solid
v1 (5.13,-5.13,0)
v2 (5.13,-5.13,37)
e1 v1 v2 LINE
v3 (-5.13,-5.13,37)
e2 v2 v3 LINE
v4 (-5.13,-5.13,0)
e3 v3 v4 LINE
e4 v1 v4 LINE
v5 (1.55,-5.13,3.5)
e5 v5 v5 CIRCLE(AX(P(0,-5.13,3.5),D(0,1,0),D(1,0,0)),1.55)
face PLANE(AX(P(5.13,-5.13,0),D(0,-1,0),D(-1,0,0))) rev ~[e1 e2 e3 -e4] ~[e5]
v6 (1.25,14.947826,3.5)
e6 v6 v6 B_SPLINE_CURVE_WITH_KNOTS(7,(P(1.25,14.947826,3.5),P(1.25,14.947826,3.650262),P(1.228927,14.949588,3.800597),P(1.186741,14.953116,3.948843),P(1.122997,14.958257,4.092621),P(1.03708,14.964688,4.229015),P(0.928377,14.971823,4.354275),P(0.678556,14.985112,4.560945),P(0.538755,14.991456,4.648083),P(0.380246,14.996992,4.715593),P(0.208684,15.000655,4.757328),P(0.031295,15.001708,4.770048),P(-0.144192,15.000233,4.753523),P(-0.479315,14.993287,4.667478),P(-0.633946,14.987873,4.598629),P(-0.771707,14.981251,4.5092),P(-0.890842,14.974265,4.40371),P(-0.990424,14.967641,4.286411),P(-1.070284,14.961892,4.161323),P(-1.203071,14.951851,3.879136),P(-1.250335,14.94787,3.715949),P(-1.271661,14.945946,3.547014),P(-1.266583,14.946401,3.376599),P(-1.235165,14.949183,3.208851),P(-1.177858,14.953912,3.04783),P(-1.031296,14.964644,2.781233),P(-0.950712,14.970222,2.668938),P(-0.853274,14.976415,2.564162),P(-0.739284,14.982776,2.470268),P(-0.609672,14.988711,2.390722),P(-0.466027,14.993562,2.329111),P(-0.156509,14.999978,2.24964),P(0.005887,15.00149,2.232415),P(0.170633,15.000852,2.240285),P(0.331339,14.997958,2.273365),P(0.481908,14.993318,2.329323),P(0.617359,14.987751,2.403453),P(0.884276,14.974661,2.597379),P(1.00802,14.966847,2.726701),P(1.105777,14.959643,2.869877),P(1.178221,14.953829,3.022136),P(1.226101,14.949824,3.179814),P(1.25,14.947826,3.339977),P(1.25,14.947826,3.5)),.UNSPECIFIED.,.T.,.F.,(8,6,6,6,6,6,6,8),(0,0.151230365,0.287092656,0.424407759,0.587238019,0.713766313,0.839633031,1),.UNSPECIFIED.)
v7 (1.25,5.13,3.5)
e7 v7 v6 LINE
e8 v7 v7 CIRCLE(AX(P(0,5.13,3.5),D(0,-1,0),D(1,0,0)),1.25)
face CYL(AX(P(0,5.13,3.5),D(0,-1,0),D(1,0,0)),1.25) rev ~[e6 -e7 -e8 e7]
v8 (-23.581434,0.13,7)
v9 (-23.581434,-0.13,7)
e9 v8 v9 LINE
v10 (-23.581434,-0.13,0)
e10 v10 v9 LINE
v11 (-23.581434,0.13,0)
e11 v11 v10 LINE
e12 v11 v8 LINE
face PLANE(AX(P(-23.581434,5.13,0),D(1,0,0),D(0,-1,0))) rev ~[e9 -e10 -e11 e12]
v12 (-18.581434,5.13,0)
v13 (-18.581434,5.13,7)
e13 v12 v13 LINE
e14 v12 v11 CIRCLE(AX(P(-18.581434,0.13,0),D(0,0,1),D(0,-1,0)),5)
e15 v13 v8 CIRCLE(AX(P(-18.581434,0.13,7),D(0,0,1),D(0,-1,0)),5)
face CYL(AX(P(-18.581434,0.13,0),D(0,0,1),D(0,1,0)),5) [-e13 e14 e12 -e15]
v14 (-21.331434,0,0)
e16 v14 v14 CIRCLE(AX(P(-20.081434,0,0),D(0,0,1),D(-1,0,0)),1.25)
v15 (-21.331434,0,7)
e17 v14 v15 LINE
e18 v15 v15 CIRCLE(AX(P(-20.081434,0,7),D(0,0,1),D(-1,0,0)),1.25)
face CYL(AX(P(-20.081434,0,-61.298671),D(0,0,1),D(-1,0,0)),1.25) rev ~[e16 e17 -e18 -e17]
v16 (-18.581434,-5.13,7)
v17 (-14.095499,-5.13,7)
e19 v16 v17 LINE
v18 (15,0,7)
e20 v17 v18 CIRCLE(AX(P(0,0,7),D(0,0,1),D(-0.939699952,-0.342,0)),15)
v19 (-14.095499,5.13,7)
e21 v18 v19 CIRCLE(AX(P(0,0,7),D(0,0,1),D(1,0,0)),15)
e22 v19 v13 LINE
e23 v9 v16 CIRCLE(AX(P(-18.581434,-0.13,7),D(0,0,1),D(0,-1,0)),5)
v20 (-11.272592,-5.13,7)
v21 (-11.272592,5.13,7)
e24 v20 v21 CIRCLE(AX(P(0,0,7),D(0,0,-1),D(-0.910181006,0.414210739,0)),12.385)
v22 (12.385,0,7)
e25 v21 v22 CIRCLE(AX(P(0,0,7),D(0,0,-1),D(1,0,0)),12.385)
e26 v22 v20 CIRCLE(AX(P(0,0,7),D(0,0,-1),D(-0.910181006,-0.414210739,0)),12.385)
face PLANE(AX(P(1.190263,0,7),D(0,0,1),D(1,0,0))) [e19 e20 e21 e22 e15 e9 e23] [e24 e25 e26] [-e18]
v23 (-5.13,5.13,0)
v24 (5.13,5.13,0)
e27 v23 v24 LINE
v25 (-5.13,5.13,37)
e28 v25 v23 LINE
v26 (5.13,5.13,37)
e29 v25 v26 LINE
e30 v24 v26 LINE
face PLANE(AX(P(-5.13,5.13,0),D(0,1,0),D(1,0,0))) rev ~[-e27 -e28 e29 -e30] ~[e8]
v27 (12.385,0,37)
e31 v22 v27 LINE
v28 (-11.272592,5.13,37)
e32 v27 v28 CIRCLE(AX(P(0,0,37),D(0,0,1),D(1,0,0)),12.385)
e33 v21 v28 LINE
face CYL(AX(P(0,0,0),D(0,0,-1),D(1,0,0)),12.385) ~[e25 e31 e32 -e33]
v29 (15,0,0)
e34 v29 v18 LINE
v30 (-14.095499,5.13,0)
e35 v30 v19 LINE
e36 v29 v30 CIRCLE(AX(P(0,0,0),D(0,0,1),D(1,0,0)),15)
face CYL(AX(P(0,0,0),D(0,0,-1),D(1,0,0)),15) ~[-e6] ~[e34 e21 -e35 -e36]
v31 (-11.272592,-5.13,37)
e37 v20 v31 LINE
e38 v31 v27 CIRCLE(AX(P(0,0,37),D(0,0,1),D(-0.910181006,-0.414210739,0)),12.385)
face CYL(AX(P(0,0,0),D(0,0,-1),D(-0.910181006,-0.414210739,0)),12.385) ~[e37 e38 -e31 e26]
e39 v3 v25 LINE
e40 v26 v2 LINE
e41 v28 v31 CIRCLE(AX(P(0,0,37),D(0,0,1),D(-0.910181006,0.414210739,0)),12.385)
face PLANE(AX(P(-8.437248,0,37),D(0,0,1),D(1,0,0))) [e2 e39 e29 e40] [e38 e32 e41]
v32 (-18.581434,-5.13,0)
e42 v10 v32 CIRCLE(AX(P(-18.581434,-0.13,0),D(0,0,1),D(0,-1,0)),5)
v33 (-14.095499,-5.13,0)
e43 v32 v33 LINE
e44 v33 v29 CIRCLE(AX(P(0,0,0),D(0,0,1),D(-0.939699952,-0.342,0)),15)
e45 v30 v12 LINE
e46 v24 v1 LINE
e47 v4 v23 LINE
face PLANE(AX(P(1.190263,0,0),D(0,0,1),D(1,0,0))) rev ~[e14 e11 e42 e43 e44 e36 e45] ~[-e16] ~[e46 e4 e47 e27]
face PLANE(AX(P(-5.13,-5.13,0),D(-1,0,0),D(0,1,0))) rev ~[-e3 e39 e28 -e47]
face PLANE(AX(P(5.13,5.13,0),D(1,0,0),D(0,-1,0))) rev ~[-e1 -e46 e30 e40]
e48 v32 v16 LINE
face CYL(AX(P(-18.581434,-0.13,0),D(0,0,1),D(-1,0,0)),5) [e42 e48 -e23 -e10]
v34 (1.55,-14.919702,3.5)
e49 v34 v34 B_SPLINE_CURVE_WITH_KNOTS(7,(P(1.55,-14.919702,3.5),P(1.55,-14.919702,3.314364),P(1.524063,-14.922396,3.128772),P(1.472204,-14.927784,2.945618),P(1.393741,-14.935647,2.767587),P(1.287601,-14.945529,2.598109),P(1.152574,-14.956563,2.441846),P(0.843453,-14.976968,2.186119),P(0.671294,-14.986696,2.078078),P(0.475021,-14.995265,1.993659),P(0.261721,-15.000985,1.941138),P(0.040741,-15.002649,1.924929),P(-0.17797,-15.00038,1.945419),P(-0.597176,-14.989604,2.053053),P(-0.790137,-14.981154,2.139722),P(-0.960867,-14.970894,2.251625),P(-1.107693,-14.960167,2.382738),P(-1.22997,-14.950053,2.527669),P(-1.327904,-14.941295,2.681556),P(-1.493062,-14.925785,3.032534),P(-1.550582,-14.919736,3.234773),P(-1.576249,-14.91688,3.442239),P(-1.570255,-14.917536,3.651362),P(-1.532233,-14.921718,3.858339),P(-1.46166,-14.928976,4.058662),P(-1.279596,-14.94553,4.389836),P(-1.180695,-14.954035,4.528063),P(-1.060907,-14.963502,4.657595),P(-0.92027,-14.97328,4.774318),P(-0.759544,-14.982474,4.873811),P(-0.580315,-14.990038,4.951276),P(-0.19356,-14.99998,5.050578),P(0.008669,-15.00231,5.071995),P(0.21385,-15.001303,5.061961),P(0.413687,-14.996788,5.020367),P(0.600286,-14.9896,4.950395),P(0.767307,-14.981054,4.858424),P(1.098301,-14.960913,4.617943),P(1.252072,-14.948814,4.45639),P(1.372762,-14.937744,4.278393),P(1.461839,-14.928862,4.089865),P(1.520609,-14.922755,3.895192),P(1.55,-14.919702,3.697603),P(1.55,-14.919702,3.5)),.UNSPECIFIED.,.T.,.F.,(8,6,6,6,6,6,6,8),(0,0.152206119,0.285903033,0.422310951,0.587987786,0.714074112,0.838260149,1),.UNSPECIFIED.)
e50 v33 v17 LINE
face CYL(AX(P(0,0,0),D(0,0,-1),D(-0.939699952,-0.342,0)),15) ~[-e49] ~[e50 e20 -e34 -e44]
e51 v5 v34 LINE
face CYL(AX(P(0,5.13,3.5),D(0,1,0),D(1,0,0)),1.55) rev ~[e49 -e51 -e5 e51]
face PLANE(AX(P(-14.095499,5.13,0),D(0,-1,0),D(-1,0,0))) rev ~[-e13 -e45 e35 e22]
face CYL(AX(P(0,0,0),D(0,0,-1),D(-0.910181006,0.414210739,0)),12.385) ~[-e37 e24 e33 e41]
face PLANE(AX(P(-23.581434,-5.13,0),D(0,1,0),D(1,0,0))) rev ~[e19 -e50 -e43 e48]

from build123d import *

# Parameters (mm, degrees)
F1_DEPTH = 7
F2_DEPTH = 37
F4_D     = 2.5
F4_DEPTH = 9.871
F5_D     = 3.1
F5_DEPTH = 20.1310001
F6_R     = 5
F7_D     = 2.5


with BuildPart() as f1:
    # F0 (on Top) → F1 (new body)
    with BuildSketch(Plane.XY):
        with BuildLine():
            ThreePointArc((-14.0954992817, -5.13), (2.6045643373, -14.7721442117), (15, 0))
            ThreePointArc((15, 0), (2.6045643373, 14.7721442117), (-14.0954992817, 5.13))
            Line((-14.0954992817, 5.13), (-11.2725917605, 5.13))
            ThreePointArc((-11.2725917605, 5.13), (2.6246119757, 12.1037034406), (12.385, 0))
            ThreePointArc((12.385, 0), (2.6246119757, -12.1037034406), (-11.2725917605, -5.13))
            Line((-11.2725917605, -5.13), (-14.0954992817, -5.13))
        make_face()
        with BuildLine():
            Line((-11.2725917605, 5.13), (-14.0954992817, 5.13))
            ThreePointArc((-14.0954992817, 5.13), (-15, 0), (-14.0954992817, -5.13))
            Line((-14.0954992817, -5.13), (-11.2725917605, -5.13))
            ThreePointArc((-11.2725917605, -5.13), (-12.385, 0), (-11.2725917605, 5.13))
        make_face()
        with BuildLine():
            ThreePointArc((12.385, 0), (2.6246119757, 12.1037034406), (-11.2725917605, 5.13))
            Line((-11.2725917605, 5.13), (-5.13, 5.13))
            Line((-5.13, 5.13), (5.13, 5.13))
            Line((5.13, 5.13), (5.13, -5.13))
            Line((5.13, -5.13), (-5.13, -5.13))
            Line((-5.13, -5.13), (-11.2725917605, -5.13))
            ThreePointArc((-11.2725917605, -5.13), (2.6246119757, -12.1037034406), (12.385, 0))
        make_face()
        with BuildLine():
            Line((-5.13, 5.13), (-11.2725917605, 5.13))
            ThreePointArc((-11.2725917605, 5.13), (-12.385, 0), (-11.2725917605, -5.13))
            Line((-11.2725917605, -5.13), (-5.13, -5.13))
            Line((-5.13, -5.13), (-5.13, 5.13))
        make_face()
        with BuildLine():
            ThreePointArc((-14.0954992817, -5.13), (-15, 0), (-14.0954992817, 5.13))
            Line((-14.0954992817, 5.13), (-23.5814342785, 5.13))
            Line((-23.5814342785, 5.13), (-23.5814342785, 0))
            Line((-23.5814342785, 0), (-23.5814342785, -5.13))
            Line((-23.5814342785, -5.13), (-14.0954992817, -5.13))
        make_face()
    extrude(amount=F1_DEPTH)

    # F0 (on Top) → F2 (join)
    with BuildSketch(Plane.XY):
        with BuildLine():
            Line((-5.13, 5.13), (-11.2725917605, 5.13))
            ThreePointArc((-11.2725917605, 5.13), (-12.385, 0), (-11.2725917605, -5.13))
            Line((-11.2725917605, -5.13), (-5.13, -5.13))
            Line((-5.13, -5.13), (-5.13, 5.13))
        make_face()
        with BuildLine():
            ThreePointArc((12.385, 0), (2.6246119757, 12.1037034406), (-11.2725917605, 5.13))
            Line((-11.2725917605, 5.13), (-5.13, 5.13))
            Line((-5.13, 5.13), (5.13, 5.13))
            Line((5.13, 5.13), (5.13, -5.13))
            Line((5.13, -5.13), (-5.13, -5.13))
            Line((-5.13, -5.13), (-11.2725917605, -5.13))
            ThreePointArc((-11.2725917605, -5.13), (2.6246119757, -12.1037034406), (12.385, 0))
        make_face()
    extrude(amount=F2_DEPTH)

    # F4 (through all, one way)
    with BuildSketch(Plane.XZ.offset(-5.13)):
        with Locations((0, 3.5)):
            Circle(F4_D / 2)
    extrude(amount=-F4_DEPTH, mode=Mode.SUBTRACT)

    # F5 (through all, one way)
    with BuildSketch(Plane(origin=(0, 5.13, 0), x_dir=(1, 0, 0), z_dir=(0, 1, 0))):
        with Locations((0, -3.5)):
            Circle(F5_D / 2)
    extrude(amount=-F5_DEPTH, mode=Mode.SUBTRACT)

    # F6
    f6_edges = [f1.edges().sort_by_distance(p)[0] for p in [
        (-23.581434, -5.13, 3.5),
        (-23.581434, 5.13, 3.5),
    ]]
    fillet(f6_edges, radius=F6_R)

    # F7 (through all)
    with Locations(Plane(origin=(0, 0, 0), x_dir=(1, 0, 0), z_dir=(0, 0, -1))):
        with Locations((-20.0814342785, 0)):
            Hole(F7_D / 2)


solid = f1.part
